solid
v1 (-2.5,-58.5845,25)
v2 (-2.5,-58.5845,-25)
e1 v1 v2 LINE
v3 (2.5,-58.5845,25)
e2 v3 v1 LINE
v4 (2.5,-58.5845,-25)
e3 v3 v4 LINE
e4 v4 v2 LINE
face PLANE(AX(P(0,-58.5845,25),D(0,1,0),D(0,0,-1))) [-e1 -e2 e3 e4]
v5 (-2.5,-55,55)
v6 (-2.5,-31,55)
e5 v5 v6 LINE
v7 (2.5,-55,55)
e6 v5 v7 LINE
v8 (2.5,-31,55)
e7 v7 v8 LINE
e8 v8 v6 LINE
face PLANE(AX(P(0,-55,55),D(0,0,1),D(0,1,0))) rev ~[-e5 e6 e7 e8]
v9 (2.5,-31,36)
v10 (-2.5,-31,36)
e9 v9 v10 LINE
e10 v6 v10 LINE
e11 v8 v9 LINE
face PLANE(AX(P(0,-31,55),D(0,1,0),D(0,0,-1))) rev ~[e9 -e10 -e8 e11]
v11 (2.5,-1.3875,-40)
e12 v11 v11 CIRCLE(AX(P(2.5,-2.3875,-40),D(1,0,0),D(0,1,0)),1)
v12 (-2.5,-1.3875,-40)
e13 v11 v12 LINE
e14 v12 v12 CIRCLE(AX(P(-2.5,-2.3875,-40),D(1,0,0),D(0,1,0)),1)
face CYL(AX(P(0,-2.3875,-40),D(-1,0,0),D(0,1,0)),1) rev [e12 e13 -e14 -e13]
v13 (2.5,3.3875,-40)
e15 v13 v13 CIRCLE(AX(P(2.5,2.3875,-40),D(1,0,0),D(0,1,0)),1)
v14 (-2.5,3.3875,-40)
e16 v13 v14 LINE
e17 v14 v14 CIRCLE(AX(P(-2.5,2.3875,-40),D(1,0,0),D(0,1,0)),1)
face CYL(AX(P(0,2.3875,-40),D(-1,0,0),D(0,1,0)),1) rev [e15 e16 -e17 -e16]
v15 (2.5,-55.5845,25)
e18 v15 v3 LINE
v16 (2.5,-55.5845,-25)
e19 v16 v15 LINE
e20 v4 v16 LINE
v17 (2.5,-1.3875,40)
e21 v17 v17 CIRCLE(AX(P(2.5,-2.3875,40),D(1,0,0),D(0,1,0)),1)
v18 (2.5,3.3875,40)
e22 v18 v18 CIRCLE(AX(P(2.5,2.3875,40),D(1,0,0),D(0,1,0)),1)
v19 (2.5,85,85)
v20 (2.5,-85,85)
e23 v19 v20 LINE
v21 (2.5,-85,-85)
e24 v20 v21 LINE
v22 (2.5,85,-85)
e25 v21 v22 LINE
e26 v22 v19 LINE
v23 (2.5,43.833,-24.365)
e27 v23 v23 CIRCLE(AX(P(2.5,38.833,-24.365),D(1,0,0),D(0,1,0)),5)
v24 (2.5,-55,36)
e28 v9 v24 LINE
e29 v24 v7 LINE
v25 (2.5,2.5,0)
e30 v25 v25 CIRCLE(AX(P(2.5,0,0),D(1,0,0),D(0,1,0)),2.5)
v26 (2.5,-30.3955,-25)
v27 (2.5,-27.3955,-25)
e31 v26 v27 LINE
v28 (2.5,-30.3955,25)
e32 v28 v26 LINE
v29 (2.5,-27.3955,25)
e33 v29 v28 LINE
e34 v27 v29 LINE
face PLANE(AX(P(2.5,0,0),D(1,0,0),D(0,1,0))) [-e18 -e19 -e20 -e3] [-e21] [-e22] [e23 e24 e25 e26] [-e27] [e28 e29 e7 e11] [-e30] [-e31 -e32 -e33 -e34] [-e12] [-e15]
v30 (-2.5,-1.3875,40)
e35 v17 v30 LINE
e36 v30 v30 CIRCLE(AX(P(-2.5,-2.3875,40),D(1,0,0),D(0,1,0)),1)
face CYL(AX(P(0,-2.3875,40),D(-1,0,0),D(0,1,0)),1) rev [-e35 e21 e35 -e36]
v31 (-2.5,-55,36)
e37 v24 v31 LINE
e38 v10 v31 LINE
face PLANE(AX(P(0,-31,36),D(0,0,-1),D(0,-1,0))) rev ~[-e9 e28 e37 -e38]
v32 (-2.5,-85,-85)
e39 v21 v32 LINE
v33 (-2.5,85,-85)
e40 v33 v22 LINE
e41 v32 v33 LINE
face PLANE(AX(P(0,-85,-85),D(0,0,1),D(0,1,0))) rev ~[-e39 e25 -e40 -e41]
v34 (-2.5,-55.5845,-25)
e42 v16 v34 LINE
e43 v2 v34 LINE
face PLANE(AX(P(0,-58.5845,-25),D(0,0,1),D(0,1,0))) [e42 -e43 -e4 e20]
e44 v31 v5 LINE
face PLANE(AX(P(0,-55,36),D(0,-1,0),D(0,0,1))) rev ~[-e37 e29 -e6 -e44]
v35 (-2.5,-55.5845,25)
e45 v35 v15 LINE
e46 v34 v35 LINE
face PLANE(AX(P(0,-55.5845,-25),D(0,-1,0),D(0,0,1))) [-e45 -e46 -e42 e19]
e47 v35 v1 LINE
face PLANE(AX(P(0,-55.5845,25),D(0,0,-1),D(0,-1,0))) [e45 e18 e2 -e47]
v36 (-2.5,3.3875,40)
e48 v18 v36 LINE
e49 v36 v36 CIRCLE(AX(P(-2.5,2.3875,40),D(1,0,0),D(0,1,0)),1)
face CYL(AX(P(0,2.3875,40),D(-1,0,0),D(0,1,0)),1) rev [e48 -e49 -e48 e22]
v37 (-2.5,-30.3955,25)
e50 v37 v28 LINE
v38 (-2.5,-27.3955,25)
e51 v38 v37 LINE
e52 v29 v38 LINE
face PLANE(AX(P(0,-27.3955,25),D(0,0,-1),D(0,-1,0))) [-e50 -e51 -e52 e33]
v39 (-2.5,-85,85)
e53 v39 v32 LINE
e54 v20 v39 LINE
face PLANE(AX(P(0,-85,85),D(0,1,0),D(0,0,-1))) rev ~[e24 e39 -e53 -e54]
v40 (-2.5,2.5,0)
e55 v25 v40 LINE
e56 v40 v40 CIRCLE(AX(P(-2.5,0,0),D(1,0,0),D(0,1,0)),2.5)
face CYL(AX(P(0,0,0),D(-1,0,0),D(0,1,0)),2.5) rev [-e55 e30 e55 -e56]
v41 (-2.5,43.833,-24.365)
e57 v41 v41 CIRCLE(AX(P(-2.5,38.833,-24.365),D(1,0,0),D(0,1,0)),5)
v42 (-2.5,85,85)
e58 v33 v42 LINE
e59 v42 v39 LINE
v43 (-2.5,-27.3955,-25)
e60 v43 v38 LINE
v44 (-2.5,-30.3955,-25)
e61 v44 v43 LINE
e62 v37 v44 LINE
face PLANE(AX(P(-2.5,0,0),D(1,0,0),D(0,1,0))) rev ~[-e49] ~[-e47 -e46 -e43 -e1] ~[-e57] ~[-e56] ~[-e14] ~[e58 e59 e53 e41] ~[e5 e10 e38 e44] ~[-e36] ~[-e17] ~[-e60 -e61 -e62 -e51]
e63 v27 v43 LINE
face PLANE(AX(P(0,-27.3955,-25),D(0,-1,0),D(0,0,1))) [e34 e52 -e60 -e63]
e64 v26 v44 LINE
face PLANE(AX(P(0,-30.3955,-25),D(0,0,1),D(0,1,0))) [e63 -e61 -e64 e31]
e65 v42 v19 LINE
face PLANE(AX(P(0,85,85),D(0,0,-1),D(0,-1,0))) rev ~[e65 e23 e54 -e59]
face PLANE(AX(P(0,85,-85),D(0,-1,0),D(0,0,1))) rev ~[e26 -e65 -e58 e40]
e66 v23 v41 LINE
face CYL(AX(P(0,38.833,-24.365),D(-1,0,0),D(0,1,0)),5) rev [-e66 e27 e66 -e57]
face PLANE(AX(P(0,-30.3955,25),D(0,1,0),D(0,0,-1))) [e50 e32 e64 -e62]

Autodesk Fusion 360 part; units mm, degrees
sketch "Plate" plane through (0, 0, 0) normal (1, 0, 0) x (0, 1, 0)
  line L0 (95, 95) -> (-95, 95)
  line L1 (-95, 95) -> (-95, -95)
  line L2 (-95, -95) -> (95, -95)
  line L3 (95, -95) -> (95, 95)
  line L4 (95, 95) -> (-95, -95) construction
  line L5 (-95, 95) -> (95, -95) construction
  line L6 (90, -90) -> (90, 90)
  line L7 (90, 90) -> (-90, 90)
  line L8 (-90, 90) -> (-90, -90)
  line L9 (-90, -90) -> (90, -90)
  line L10 (85, -85) -> (85, 85)
  line L11 (85, 85) -> (-85, 85)
  line L12 (-85, 85) -> (-85, -85)
  line L13 (-85, -85) -> (85, -85)
  circle A0 centre (0, 0) radius 2.5
  line L14 (-55, 55) -> (-31, 55)
  line L15 (-31, 55) -> (-31, 36)
  line L16 (-31, 36) -> (-55, 36)
  line L17 (-55, 36) -> (-55, 55)
  line L18 (-57.0845, 85) -> (-57.0845, -85) construction
  line L19 (-28.9155, 85) -> (-28.9155, -85) construction
  line L20 (-55.5845, 25) -> (-58.5845, 25)
  line L21 (-58.5845, 25) -> (-58.5845, -25)
  line L22 (-58.5845, -25) -> (-55.5845, -25)
  line L23 (-55.5845, -25) -> (-55.5845, 25)
  line L24 (-85, 0) -> (85, 0) construction
  line L25 (-30.3955, 25) -> (-30.3955, -25)
  line L26 (-27.3955, -25) -> (-27.3955, 25)
  line L27 (-30.3955, -25) -> (-27.3955, -25)
  line L28 (-27.3955, 25) -> (-30.3955, 25)
  line L29 (0, 85) -> (0, -85) construction
  circle A1 centre (38.833, -24.365) radius 5
  circle A2 centre (-2.3875, 40) radius 1
  circle A3 centre (2.3875, 40) radius 1
  circle A4 centre (-2.3875, -40) radius 1
  circle A5 centre (2.3875, -40) radius 1
  line L30 (-43, 0) -> (-43, -9.5) construction
  line L31 (-43, 0) -> (-43, 9.5) construction
  dimension "d1" = 190
  dimension "d2" = 190
  dimension "d3" = -5
  dimension "d4" = -5
  dimension "d5" = 5
  dimension "d6" = 24
  dimension "d7" = 19
  dimension "d8" = 30
  dimension "d9" = 30
  dimension "d10" = 28.169
  dimension "d11" = 2.0845
  dimension "d12" = 50
  dimension "d13" = 3
  dimension "d14" = 1.5
  dimension "d15" = 25
  dimension "d16" = 50
  dimension "d17" = 3
  dimension "d18" = 25.189
  dimension "d19" = 25
  dimension "d29" = 10
  dimension "d30" = 24.365
  dimension "d31" = 38.833
  dimension "d35" = 2
  dimension "d36" = 2
  dimension "d37" = 4.775
  dimension "d38" = 40
  dimension "d39" = 2.3875
  dimension "d40" = 40
  dimension "d41" = 9.5
  dimension "d42" = 9.5
extrude "Extrude1" add sketch "Plate" along normal mid plane 5 contours L10 L11 L12 L13
equation "d2 = d1"
equation "d8 = ( 30 * d1 / 190 mm ) * 1 mm"
equation "d9 = ( 30 * d1 / 190 mm ) * 1 mm"
equation "d11 = ( ( 28.169 - 24 ) / 2 ) * 1 mm"
equation "d16 = d12"
equation "d17 = d13"
equation "d19 = d15"
equation "d39 = ( 4.775 / 2 ) * 1 mm"
